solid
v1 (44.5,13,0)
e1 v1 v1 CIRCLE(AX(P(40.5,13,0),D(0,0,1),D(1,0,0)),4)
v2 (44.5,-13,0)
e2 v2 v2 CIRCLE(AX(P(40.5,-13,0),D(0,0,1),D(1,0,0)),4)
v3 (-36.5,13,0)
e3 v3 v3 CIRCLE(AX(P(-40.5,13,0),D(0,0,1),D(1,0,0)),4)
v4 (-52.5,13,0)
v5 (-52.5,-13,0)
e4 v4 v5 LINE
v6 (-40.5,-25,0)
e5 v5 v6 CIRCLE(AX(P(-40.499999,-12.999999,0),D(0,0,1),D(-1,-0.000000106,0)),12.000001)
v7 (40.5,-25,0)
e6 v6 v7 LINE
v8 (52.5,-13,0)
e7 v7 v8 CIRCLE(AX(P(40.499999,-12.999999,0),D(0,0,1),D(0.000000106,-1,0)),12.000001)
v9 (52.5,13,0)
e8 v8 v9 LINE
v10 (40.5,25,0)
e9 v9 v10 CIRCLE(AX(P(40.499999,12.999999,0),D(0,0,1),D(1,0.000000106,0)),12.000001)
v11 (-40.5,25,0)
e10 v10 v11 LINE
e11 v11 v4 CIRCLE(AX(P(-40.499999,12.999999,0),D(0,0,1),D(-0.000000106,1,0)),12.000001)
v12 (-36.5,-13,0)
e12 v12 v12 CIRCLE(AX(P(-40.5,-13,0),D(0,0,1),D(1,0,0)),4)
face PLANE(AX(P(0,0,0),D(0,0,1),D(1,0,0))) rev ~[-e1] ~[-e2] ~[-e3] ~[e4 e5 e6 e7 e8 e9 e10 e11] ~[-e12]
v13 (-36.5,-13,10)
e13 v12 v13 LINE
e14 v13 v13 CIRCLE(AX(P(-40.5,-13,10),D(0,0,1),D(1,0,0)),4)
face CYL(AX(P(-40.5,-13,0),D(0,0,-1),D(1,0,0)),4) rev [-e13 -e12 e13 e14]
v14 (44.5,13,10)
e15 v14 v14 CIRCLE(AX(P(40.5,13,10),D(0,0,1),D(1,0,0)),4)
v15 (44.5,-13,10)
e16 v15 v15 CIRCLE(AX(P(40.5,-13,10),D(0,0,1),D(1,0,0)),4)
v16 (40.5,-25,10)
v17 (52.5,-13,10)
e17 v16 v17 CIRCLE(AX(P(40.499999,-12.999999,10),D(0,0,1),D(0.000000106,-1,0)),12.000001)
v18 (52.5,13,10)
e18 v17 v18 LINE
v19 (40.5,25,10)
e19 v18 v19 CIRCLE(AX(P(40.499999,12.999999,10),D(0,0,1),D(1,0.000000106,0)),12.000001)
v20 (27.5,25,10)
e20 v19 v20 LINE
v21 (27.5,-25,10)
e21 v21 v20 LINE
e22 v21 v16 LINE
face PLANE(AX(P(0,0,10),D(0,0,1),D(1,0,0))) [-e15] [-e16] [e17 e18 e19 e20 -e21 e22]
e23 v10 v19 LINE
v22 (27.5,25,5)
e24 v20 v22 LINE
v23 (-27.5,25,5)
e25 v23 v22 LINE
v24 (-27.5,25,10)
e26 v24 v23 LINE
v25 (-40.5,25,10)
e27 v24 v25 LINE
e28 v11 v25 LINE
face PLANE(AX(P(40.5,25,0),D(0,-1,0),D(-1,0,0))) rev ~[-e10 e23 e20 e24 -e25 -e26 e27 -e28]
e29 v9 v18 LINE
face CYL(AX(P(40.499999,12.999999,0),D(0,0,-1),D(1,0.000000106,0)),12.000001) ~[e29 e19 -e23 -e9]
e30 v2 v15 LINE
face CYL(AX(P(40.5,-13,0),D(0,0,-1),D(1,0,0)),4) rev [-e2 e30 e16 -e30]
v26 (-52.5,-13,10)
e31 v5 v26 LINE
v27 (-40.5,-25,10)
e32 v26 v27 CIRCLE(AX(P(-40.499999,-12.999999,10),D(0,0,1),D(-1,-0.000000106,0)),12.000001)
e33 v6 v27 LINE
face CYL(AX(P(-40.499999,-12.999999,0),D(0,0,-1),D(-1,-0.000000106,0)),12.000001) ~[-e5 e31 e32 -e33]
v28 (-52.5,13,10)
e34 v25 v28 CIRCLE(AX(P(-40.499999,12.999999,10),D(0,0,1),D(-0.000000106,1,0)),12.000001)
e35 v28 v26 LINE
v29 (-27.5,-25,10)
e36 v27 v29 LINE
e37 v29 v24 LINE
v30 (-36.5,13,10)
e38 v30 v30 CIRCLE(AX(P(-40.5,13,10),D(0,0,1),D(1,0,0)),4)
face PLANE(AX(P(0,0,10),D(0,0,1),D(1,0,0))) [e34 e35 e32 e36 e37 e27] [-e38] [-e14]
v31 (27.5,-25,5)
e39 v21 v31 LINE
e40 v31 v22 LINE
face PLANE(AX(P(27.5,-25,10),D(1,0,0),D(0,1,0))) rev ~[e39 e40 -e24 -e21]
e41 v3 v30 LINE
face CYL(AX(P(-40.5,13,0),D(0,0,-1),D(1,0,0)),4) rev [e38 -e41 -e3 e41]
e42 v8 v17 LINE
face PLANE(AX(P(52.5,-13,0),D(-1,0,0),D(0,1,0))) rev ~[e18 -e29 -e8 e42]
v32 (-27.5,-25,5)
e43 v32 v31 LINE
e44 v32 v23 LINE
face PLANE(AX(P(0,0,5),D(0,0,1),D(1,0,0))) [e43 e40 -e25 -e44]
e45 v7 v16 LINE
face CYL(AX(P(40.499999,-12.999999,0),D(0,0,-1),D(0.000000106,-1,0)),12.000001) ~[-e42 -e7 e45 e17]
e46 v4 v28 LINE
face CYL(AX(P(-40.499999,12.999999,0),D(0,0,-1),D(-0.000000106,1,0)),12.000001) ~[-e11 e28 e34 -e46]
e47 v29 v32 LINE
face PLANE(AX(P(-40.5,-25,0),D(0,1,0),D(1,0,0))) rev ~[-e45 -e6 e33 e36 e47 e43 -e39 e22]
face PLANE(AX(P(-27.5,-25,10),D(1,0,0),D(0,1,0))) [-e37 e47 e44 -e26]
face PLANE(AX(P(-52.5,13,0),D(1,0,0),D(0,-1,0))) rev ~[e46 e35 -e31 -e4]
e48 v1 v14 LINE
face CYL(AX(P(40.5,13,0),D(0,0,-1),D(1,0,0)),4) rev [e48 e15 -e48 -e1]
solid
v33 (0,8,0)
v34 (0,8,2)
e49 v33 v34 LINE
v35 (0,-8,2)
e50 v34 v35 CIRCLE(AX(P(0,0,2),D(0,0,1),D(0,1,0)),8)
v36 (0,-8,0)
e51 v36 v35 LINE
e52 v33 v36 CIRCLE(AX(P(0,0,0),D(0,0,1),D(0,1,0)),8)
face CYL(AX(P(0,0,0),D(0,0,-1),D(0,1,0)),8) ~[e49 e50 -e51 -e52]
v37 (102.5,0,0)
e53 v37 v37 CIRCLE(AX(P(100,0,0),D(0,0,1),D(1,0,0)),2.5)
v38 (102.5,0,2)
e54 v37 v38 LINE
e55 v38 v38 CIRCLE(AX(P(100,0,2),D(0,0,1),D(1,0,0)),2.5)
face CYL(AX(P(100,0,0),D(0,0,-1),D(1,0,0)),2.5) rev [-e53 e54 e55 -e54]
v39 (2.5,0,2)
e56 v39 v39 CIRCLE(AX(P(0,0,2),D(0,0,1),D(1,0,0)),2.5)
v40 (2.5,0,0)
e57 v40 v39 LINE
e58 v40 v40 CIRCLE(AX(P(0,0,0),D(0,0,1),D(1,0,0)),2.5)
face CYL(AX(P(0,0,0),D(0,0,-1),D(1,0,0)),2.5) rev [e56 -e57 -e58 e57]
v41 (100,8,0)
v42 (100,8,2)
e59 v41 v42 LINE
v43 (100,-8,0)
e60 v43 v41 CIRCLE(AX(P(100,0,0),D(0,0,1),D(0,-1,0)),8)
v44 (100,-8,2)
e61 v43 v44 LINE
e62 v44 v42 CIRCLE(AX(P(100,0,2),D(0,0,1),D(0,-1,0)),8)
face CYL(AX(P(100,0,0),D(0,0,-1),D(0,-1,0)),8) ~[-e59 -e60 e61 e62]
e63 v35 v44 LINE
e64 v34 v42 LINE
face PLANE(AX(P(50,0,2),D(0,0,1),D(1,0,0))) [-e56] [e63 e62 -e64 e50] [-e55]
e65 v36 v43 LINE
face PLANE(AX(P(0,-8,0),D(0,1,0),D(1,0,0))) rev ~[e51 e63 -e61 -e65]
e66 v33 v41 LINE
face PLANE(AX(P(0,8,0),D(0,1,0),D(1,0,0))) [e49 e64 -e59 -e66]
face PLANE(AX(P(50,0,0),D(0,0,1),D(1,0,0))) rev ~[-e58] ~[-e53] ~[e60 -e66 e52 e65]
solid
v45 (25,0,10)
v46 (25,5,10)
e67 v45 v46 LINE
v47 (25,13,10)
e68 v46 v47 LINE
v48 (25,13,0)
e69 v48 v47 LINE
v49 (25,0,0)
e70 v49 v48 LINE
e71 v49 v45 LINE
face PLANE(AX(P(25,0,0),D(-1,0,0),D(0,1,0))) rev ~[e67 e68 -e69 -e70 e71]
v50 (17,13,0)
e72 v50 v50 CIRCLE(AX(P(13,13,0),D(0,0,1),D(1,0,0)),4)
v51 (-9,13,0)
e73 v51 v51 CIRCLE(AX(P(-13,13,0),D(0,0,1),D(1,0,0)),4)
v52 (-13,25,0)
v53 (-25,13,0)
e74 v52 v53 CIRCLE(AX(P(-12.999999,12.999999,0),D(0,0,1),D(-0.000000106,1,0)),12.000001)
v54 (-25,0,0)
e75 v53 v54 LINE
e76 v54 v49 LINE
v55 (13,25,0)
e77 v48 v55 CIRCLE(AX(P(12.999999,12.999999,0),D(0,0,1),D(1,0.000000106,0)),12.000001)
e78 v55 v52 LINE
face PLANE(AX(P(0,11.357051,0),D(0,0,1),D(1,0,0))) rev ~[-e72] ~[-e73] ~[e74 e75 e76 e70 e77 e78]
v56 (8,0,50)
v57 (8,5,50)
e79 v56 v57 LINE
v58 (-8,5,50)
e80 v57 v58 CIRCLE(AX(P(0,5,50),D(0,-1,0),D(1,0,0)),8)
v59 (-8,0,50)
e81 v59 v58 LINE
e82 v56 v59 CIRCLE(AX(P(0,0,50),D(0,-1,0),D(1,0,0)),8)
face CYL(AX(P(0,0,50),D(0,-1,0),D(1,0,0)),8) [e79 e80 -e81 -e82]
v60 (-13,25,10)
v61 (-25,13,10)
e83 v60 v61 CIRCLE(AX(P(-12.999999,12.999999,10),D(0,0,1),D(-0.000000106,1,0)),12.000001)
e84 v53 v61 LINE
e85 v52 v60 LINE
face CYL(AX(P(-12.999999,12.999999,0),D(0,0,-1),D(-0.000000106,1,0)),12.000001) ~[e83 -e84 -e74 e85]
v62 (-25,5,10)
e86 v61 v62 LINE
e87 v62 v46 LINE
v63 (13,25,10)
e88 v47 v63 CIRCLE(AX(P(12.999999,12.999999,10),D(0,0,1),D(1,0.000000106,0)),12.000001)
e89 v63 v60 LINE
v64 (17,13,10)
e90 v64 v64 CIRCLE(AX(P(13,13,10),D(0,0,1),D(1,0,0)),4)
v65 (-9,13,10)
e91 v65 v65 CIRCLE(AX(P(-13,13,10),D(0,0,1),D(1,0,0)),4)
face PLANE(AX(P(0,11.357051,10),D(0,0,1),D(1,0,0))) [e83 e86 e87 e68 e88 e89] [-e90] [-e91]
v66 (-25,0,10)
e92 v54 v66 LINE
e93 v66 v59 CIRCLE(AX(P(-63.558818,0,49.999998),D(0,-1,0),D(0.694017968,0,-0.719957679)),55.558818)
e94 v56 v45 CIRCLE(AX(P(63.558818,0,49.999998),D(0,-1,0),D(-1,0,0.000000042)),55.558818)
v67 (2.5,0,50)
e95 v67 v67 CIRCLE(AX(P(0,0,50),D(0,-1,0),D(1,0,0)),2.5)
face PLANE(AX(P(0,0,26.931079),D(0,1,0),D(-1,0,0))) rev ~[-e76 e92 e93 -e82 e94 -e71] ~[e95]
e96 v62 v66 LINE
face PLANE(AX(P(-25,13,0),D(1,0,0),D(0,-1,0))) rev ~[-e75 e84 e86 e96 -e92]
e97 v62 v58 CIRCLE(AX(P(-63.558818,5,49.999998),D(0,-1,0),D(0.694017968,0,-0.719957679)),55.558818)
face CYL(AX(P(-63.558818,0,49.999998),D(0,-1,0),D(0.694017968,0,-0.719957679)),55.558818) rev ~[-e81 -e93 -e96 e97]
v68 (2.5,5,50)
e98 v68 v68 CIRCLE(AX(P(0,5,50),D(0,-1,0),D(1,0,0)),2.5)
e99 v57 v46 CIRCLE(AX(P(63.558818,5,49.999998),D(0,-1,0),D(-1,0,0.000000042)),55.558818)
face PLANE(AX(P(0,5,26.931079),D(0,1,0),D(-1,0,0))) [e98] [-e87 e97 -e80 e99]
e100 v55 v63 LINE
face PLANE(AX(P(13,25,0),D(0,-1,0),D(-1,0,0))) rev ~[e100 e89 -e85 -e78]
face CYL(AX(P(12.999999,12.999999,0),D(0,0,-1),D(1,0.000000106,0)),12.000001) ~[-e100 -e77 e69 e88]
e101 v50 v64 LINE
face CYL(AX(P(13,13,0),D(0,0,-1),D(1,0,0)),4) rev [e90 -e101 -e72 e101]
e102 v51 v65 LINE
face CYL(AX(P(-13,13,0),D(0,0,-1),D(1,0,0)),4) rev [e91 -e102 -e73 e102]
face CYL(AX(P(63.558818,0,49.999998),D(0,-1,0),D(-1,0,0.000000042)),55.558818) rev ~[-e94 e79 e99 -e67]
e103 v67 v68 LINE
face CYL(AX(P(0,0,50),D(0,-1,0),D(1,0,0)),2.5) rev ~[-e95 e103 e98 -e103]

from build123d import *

# Parameters (mm, degrees)
SKETCH_R     = 4
PAD_DEPTH    = 10
SKETCH001_W  = 55
SKETCH001_H  = 50
POCKET_DEPTH = 5
SKETCH002_R  = 4
PAD001_DEPTH = 10
SKETCH003_R  = 2.5
PAD002_DEPTH = 5
SKETCH004_R  = 2.5
PAD003_DEPTH = 2


with BuildPart() as base:
    # Sketch → Pad (new body)
    with BuildSketch(Plane.XY):
        with BuildLine():
            Line((-52.5, 13), (-52.5, -13))
            ThreePointArc((-52.5, -13), (-48.985281, -21.485281), (-40.5, -25))
            Line((-40.5, -25), (40.5, -25))
            ThreePointArc((40.5, -25), (48.985281, -21.485281), (52.5, -13))
            Line((52.5, -13), (52.5, 13))
            ThreePointArc((52.5, 13), (48.985281, 21.485281), (40.5, 25))
            Line((40.5, 25), (-40.5, 25))
            ThreePointArc((-40.5, 25), (-48.985281, 21.485281), (-52.5, 13))
        make_face()
        with Locations((-40.5, 13)):
            Circle(SKETCH_R, mode=Mode.SUBTRACT)
        with Locations((-40.5, -13)):
            Circle(SKETCH_R, mode=Mode.SUBTRACT)
        with Locations((40.5, 13)):
            Circle(SKETCH_R, mode=Mode.SUBTRACT)
        with Locations((40.5, -13)):
            Circle(SKETCH_R, mode=Mode.SUBTRACT)
    extrude(amount=PAD_DEPTH)

    # Sketch001 (on Face14 of Pad) → Pocket (cut)
    with BuildSketch(Plane.XY.offset(10)):
        Rectangle(SKETCH001_W, SKETCH001_H)
    extrude(amount=-POCKET_DEPTH, mode=Mode.SUBTRACT)


with BuildPart() as bracket:
    # Sketch002 → Pad001 (new body)
    with BuildSketch(Plane.XY):
        with BuildLine():
            Line((-25, 13), (-25, 0))
            Line((-25, 0), (25, 0))
            Line((25, 0), (25, 13))
            ThreePointArc((25, 13), (21.485281, 21.485281), (13, 25))
            Line((13, 25), (-13, 25))
            ThreePointArc((-13, 25), (-21.485281, 21.485281), (-25, 13))
        make_face()
        with Locations((-13, 13)):
            Circle(SKETCH002_R, mode=Mode.SUBTRACT)
        with Locations((13, 13)):
            Circle(SKETCH002_R, mode=Mode.SUBTRACT)
    extrude(amount=PAD001_DEPTH)

    # Sketch003 (on Face2 of Pad001) → Pad002 (join)
    with BuildSketch(Plane.XZ):
        with BuildLine():
            ThreePointArc((-25, 10), (-12.42632, 28.268686), (-8, 50))
            ThreePointArc((8, 50), (0, 58), (-8, 50))
            ThreePointArc((8, 50), (12.42632, 28.268686), (25, 10))
            Line((-25, 10), (25, 10))
        make_face()
        with Locations((0, 50)):
            Circle(SKETCH003_R, mode=Mode.SUBTRACT)
    extrude(amount=-PAD002_DEPTH)


with BuildPart() as link:
    # Sketch004 → Pad003 (new body)
    with BuildSketch(Plane.XY):
        with BuildLine():
            ThreePointArc((0, 8), (-8, 0), (0, -8))
            Line((0, -8), (100, -8))
            ThreePointArc((100, -8), (108, 0), (100, 8))
            Line((0, 8), (100, 8))
        make_face()
        Circle(SKETCH004_R, mode=Mode.SUBTRACT)
        with Locations((100, 0)):
            Circle(SKETCH004_R, mode=Mode.SUBTRACT)
    extrude(amount=PAD003_DEPTH)


solid = Compound([base.part, bracket.part, link.part])
